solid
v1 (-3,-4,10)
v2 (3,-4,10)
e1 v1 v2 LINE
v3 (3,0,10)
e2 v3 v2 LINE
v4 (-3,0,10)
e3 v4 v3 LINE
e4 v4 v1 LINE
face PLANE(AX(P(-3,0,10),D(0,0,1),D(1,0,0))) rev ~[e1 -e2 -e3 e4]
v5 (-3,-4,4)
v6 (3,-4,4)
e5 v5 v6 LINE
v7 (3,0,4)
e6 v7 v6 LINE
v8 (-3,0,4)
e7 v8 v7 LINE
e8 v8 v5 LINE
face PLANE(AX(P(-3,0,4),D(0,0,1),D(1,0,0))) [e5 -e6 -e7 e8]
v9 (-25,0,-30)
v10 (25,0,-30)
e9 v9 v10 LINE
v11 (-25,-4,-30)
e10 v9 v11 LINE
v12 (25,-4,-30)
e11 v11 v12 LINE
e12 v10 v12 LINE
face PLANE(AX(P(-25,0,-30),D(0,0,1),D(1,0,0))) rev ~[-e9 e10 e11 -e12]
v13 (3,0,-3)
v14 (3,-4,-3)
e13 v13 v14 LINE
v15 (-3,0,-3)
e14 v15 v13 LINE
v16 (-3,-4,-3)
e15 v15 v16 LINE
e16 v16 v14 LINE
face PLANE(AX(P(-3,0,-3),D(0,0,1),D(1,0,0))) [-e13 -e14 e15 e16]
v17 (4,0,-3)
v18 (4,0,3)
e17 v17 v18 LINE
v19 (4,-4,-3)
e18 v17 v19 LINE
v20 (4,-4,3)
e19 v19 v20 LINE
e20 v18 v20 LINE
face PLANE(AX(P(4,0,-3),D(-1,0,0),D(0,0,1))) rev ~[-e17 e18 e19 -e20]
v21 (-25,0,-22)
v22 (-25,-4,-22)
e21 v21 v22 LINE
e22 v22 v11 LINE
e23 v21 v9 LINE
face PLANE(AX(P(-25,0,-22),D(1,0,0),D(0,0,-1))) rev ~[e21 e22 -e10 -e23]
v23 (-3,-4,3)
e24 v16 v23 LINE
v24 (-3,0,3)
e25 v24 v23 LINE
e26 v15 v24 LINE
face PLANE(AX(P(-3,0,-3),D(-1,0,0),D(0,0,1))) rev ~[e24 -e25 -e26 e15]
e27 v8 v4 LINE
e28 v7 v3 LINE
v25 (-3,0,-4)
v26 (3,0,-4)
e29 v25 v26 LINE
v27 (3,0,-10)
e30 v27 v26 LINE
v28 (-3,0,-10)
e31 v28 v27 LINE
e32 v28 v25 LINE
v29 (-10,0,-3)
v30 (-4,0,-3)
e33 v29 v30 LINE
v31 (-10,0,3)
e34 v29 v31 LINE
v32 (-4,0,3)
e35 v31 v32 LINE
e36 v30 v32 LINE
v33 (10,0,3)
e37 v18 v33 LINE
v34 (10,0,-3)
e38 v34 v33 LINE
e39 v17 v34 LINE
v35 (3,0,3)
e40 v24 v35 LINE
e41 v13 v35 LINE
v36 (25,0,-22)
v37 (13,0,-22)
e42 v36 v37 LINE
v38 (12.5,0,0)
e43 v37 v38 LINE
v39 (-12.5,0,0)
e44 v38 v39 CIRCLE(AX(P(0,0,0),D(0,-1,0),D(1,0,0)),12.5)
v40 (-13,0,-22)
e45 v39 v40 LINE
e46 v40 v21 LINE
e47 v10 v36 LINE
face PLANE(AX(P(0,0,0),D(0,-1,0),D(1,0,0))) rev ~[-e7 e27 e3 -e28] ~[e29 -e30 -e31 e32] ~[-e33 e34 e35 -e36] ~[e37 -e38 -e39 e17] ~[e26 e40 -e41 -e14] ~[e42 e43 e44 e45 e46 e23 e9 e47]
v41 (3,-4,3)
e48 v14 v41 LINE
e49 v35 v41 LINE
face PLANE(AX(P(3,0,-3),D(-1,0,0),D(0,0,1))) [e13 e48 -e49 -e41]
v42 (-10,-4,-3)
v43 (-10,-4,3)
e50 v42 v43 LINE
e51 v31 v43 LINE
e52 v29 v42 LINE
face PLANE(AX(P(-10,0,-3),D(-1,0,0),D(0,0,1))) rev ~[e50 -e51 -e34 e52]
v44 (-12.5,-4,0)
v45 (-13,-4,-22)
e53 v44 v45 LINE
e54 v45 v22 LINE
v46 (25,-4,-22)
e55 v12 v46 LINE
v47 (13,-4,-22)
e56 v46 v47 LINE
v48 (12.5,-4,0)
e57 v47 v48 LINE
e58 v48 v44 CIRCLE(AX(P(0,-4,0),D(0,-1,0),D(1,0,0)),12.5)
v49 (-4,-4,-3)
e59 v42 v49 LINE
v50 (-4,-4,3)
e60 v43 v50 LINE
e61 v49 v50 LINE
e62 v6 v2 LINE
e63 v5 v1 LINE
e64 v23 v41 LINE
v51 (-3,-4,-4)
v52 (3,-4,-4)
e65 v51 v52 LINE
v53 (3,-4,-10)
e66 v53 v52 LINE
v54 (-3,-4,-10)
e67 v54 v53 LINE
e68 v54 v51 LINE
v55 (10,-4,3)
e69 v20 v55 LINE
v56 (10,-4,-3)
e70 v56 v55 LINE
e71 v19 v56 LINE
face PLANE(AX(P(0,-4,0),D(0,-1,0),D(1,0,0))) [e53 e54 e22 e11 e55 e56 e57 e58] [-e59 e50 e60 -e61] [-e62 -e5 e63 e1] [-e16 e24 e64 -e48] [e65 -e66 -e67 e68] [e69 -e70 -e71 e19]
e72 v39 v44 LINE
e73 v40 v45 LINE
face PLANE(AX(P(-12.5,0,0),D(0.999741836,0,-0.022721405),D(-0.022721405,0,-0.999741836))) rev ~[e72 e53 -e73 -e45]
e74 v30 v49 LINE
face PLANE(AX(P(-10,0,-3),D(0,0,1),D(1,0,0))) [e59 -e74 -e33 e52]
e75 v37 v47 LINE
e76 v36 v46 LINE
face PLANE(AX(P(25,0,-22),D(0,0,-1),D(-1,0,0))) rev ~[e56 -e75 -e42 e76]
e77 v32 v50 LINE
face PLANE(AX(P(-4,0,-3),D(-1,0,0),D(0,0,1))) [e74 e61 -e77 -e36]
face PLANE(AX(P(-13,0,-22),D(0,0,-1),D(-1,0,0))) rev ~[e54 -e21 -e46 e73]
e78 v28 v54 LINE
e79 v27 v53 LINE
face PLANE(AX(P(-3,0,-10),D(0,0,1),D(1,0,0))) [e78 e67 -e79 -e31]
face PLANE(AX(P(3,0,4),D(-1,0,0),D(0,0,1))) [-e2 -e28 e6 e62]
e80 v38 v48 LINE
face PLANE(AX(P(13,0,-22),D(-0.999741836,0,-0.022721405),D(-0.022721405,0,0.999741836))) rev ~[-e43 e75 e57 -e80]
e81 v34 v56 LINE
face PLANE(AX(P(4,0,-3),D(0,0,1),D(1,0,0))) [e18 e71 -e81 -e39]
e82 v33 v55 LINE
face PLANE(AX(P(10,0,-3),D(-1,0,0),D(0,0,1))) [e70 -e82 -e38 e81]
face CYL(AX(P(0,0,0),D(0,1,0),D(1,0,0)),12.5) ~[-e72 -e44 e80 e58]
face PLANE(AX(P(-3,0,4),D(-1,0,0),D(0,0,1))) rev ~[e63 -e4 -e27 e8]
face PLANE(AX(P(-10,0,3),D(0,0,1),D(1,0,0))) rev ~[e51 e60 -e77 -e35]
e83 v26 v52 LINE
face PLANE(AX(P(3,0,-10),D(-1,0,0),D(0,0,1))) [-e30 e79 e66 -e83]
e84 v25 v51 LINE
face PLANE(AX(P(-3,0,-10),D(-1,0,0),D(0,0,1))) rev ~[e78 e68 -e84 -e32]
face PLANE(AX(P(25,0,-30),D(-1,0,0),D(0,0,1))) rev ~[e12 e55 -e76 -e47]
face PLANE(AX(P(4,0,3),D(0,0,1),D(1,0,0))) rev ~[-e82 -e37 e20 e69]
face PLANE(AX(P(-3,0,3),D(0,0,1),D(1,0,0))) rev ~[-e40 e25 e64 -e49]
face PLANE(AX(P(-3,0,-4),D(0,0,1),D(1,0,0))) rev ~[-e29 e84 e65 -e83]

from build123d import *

# Parameters (mm, degrees)
F0_W     = 6
F0_H     = 6
F1_DEPTH = 4


with BuildPart() as f1:
    # F0 (on Front) → F1 (new body)
    with BuildSketch(Plane.XZ):
        with BuildLine():
            ThreePointArc((-12.5, 0), (0, -12.5), (12.5, 0))
            ThreePointArc((12.5, 0), (0, 12.5), (-12.5, 0))
        make_face()
        with Locations((-7, 0)):
            Rectangle(F0_W, F0_H, mode=Mode.SUBTRACT)
        with Locations((0, -7)):
            Rectangle(F0_W, F0_H, mode=Mode.SUBTRACT)
        Rectangle(F0_W, F0_H, mode=Mode.SUBTRACT)
        with Locations((7, 0)):
            Rectangle(F0_W, F0_H, mode=Mode.SUBTRACT)
        with Locations((0, 7)):
            Rectangle(F0_W, F0_H, mode=Mode.SUBTRACT)
        with BuildLine():
            Line((13, -22), (12.5, 0))
            ThreePointArc((12.5, 0), (0, -12.5), (-12.5, 0))
            Line((-12.5, 0), (-13, -22))
            Line((-13, -22), (-25, -22))
            Line((-25, -22), (-25, -30))
            Line((-25, -30), (0, -30))
            Line((0, -30), (25, -30))
            Line((25, -30), (25, -22))
            Line((25, -22), (13, -22))
        make_face()
    extrude(amount=F1_DEPTH)


solid = f1.part
